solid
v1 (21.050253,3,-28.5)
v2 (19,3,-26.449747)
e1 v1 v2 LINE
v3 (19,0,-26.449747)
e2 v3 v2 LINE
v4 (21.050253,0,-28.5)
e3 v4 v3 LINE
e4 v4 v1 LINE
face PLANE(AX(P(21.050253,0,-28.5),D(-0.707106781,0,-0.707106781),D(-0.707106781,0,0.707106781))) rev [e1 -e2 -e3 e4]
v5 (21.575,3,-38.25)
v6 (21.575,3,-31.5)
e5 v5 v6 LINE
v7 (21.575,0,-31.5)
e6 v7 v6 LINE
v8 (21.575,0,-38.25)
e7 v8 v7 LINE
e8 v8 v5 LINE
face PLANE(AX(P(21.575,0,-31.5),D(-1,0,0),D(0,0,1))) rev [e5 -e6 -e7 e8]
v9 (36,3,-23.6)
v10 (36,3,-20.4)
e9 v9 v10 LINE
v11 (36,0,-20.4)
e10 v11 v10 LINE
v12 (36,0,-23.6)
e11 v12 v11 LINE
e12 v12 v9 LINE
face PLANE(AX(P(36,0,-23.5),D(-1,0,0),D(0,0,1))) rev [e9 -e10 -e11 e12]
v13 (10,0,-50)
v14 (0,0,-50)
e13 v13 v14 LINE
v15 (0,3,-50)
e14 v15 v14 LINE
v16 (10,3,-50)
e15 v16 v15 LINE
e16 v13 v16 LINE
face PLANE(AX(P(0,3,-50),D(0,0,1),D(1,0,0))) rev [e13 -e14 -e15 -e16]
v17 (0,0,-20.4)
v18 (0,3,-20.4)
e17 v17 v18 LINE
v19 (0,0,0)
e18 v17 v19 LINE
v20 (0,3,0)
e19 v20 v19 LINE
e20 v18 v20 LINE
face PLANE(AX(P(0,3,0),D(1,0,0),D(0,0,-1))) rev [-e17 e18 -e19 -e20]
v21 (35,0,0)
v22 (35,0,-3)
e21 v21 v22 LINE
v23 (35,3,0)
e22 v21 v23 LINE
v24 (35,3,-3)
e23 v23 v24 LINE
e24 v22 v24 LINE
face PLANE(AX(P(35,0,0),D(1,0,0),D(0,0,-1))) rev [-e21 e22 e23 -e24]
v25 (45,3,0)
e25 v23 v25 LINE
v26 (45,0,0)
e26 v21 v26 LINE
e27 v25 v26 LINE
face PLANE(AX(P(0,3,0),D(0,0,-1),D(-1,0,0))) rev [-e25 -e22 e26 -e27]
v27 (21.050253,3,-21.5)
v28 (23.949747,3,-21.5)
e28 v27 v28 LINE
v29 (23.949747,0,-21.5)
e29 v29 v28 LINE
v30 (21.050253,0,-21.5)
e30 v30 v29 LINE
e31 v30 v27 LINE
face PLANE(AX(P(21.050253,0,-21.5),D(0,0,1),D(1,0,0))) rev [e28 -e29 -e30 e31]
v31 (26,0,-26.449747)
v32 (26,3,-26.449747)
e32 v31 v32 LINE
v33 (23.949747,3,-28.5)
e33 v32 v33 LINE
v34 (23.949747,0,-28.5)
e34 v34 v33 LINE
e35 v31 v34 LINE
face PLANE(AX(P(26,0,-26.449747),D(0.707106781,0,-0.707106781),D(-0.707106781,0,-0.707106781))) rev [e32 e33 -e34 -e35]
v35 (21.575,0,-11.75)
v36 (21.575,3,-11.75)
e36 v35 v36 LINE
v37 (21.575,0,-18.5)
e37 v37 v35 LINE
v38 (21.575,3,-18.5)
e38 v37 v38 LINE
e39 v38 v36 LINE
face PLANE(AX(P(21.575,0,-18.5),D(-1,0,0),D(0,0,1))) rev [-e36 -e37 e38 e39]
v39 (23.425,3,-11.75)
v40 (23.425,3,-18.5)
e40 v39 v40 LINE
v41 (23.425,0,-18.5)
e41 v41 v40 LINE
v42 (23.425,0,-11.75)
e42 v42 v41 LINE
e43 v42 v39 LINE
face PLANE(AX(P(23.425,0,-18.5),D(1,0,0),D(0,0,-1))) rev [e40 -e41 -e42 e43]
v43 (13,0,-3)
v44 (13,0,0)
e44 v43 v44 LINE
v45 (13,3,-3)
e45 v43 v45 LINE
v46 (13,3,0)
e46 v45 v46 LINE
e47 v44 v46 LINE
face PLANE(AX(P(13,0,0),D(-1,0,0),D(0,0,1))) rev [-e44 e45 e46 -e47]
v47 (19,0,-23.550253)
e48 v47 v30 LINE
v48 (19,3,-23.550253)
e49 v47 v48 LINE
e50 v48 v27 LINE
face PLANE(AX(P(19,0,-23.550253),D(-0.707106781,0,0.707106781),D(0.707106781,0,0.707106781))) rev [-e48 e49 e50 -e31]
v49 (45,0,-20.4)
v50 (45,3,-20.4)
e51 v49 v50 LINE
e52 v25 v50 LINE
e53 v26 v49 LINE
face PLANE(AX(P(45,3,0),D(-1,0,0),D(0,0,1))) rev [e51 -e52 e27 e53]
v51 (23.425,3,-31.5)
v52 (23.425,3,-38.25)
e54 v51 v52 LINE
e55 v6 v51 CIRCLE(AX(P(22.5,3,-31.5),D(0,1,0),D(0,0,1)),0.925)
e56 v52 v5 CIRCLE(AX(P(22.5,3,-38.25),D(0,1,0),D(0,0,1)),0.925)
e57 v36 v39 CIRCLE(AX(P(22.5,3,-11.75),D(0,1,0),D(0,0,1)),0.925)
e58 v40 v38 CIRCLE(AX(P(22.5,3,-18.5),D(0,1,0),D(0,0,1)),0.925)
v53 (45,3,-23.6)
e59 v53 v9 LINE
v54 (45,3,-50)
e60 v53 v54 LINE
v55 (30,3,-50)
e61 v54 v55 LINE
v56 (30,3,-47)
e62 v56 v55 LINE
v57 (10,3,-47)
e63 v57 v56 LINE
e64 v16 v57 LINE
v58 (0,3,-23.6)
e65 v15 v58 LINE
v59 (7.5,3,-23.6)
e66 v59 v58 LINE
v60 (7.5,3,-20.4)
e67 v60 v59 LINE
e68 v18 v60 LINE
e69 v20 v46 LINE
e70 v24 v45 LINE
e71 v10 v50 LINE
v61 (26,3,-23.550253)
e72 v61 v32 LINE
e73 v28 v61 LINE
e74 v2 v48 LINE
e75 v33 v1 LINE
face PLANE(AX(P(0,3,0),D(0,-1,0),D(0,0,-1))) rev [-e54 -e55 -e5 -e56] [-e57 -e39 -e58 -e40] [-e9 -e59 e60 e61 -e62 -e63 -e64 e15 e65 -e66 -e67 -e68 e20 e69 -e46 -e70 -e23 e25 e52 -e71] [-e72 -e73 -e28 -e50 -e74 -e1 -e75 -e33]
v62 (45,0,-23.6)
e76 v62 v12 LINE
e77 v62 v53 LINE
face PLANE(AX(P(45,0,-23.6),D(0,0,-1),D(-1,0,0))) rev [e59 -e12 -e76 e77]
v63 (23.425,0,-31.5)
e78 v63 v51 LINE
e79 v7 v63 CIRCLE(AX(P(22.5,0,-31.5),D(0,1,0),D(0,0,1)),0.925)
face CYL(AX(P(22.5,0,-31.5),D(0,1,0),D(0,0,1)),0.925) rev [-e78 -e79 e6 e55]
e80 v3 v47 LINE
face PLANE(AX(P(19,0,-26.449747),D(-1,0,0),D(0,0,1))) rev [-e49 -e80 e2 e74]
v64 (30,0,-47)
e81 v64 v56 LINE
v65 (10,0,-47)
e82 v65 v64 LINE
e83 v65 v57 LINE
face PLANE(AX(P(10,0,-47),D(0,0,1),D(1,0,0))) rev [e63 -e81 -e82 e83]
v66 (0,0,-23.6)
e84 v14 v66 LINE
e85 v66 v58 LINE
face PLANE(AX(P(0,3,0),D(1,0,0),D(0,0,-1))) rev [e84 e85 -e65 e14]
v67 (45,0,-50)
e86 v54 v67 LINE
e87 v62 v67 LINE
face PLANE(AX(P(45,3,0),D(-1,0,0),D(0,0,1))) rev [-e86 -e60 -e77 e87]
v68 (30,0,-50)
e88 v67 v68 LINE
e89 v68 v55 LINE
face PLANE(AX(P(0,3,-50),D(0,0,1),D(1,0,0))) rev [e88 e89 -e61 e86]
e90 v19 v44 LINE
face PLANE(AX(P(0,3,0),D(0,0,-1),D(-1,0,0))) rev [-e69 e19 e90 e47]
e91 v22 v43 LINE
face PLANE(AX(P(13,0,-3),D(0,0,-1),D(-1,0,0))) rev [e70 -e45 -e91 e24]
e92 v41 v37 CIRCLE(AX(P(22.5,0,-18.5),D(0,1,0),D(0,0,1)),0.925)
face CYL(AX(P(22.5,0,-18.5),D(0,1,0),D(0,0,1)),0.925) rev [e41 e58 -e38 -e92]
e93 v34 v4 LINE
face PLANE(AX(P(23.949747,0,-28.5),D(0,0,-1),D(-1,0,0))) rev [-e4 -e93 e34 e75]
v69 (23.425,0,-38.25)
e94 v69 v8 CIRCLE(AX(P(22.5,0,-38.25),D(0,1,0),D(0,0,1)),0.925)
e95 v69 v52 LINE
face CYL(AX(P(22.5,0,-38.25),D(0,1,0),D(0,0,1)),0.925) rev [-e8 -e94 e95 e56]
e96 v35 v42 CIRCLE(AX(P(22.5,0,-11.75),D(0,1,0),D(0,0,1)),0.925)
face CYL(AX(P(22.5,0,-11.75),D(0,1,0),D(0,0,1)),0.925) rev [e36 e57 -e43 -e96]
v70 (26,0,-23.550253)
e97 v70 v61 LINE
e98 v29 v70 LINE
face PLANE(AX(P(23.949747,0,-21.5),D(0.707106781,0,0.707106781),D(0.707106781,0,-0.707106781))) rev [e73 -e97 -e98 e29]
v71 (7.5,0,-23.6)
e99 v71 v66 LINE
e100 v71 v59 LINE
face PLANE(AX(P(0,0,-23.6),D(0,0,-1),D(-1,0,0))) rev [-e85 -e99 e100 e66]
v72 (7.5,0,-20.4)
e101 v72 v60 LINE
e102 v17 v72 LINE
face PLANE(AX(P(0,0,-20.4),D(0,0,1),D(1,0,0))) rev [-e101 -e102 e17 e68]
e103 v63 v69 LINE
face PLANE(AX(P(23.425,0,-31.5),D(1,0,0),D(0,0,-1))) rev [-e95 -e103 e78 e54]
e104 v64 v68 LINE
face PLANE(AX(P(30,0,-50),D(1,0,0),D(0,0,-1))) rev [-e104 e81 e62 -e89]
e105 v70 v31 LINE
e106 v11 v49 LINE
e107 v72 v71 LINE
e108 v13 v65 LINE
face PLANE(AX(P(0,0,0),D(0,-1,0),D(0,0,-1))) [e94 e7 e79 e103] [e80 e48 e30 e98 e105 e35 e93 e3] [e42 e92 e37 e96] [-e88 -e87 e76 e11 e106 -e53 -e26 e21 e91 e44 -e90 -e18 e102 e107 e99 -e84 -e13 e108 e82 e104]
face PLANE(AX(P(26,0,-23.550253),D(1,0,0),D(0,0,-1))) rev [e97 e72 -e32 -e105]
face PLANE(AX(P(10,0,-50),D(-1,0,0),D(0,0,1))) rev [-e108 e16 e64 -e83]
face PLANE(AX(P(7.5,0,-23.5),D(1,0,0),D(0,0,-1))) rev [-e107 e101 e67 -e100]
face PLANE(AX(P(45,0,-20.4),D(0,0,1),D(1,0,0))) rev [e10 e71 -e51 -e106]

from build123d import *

# Parameters (mm, degrees)
SKETCH1_W           = 45
SKETCH1_H           = 50
BOSS_EXTRUDE1_DEPTH = 3
SKETCH2_W           = 20
SKETCH2_H           = 3
SKETCH2_W_2         = 22
SKETCH2_W_3         = 7.5
SKETCH2_W_4         = 9
CUT_EXTRUDE1_DEPTH  = 4
SKETCH4_W           = 7.5
SKETCH4_H           = 0.1
SKETCH4_W_2         = 9
CUT_EXTRUDE2_DEPTH  = 4


with BuildPart() as part:
    # Sketch1 → Boss-Extrude1 (new body)
    with BuildSketch(Plane(origin=(0, 0, 0), x_dir=(1, 0, 0), z_dir=(0, 1, 0))):
        with Locations((22.5, 25)):
            Rectangle(SKETCH1_W, SKETCH1_H)
    extrude(amount=BOSS_EXTRUDE1_DEPTH)

    # Sketch2 → Cut-Extrude1 (cut, through all)
    with BuildSketch(Plane(origin=(0, 3, 0), x_dir=(1, 0, 0), z_dir=(0, 1, 0))):
        with Locations((20, 48.5)):
            Rectangle(SKETCH2_W, SKETCH2_H)
        with Locations((24, 1.5)):
            Rectangle(SKETCH2_W_2, SKETCH2_H)
        with Locations((3.75, 22)):
            Rectangle(SKETCH2_W_3, SKETCH2_H)
        with Locations((40.5, 22)):
            Rectangle(SKETCH2_W_4, SKETCH2_H)
        Polygon((21.050252532, 21.5), (23.949747468, 21.5), (26, 23.550252532), (26, 26.449747468), (23.949747468, 28.5), (21.050252532, 28.5), (19, 26.449747468), (19, 23.550252532), align=None)
        with BuildLine():
            Line((21.575, 31.5), (21.575, 38.25))
            ThreePointArc((21.575, 38.25), (22.5, 39.175), (23.425, 38.25))
            Line((23.425, 38.25), (23.425, 31.5))
            ThreePointArc((23.425, 31.5), (22.5, 30.575), (21.575, 31.5))
        make_face()
        with BuildLine():
            Line((23.425, 18.5), (23.425, 11.75))
            ThreePointArc((23.425, 11.75), (22.5, 10.825), (21.575, 11.75))
            Line((21.575, 11.75), (21.575, 18.5))
            ThreePointArc((21.575, 18.5), (22.5, 19.425), (23.425, 18.5))
        make_face()
    extrude(amount=-CUT_EXTRUDE1_DEPTH, mode=Mode.SUBTRACT)

    # Sketch4 → Cut-Extrude2 (cut, through all)
    with BuildSketch(Plane(origin=(0, 3, 0), x_dir=(1, 0, 0), z_dir=(0, 1, 0))):
        with Locations((3.75, 23.55)):
            Rectangle(SKETCH4_W, SKETCH4_H)
        with Locations((3.75, 20.45)):
            Rectangle(SKETCH4_W, SKETCH4_H)
        with Locations((40.5, 20.45)):
            Rectangle(SKETCH4_W_2, SKETCH4_H)
        with Locations((40.5, 23.55)):
            Rectangle(SKETCH4_W_2, SKETCH4_H)
    extrude(amount=-CUT_EXTRUDE2_DEPTH, mode=Mode.SUBTRACT)


solid = part.part
